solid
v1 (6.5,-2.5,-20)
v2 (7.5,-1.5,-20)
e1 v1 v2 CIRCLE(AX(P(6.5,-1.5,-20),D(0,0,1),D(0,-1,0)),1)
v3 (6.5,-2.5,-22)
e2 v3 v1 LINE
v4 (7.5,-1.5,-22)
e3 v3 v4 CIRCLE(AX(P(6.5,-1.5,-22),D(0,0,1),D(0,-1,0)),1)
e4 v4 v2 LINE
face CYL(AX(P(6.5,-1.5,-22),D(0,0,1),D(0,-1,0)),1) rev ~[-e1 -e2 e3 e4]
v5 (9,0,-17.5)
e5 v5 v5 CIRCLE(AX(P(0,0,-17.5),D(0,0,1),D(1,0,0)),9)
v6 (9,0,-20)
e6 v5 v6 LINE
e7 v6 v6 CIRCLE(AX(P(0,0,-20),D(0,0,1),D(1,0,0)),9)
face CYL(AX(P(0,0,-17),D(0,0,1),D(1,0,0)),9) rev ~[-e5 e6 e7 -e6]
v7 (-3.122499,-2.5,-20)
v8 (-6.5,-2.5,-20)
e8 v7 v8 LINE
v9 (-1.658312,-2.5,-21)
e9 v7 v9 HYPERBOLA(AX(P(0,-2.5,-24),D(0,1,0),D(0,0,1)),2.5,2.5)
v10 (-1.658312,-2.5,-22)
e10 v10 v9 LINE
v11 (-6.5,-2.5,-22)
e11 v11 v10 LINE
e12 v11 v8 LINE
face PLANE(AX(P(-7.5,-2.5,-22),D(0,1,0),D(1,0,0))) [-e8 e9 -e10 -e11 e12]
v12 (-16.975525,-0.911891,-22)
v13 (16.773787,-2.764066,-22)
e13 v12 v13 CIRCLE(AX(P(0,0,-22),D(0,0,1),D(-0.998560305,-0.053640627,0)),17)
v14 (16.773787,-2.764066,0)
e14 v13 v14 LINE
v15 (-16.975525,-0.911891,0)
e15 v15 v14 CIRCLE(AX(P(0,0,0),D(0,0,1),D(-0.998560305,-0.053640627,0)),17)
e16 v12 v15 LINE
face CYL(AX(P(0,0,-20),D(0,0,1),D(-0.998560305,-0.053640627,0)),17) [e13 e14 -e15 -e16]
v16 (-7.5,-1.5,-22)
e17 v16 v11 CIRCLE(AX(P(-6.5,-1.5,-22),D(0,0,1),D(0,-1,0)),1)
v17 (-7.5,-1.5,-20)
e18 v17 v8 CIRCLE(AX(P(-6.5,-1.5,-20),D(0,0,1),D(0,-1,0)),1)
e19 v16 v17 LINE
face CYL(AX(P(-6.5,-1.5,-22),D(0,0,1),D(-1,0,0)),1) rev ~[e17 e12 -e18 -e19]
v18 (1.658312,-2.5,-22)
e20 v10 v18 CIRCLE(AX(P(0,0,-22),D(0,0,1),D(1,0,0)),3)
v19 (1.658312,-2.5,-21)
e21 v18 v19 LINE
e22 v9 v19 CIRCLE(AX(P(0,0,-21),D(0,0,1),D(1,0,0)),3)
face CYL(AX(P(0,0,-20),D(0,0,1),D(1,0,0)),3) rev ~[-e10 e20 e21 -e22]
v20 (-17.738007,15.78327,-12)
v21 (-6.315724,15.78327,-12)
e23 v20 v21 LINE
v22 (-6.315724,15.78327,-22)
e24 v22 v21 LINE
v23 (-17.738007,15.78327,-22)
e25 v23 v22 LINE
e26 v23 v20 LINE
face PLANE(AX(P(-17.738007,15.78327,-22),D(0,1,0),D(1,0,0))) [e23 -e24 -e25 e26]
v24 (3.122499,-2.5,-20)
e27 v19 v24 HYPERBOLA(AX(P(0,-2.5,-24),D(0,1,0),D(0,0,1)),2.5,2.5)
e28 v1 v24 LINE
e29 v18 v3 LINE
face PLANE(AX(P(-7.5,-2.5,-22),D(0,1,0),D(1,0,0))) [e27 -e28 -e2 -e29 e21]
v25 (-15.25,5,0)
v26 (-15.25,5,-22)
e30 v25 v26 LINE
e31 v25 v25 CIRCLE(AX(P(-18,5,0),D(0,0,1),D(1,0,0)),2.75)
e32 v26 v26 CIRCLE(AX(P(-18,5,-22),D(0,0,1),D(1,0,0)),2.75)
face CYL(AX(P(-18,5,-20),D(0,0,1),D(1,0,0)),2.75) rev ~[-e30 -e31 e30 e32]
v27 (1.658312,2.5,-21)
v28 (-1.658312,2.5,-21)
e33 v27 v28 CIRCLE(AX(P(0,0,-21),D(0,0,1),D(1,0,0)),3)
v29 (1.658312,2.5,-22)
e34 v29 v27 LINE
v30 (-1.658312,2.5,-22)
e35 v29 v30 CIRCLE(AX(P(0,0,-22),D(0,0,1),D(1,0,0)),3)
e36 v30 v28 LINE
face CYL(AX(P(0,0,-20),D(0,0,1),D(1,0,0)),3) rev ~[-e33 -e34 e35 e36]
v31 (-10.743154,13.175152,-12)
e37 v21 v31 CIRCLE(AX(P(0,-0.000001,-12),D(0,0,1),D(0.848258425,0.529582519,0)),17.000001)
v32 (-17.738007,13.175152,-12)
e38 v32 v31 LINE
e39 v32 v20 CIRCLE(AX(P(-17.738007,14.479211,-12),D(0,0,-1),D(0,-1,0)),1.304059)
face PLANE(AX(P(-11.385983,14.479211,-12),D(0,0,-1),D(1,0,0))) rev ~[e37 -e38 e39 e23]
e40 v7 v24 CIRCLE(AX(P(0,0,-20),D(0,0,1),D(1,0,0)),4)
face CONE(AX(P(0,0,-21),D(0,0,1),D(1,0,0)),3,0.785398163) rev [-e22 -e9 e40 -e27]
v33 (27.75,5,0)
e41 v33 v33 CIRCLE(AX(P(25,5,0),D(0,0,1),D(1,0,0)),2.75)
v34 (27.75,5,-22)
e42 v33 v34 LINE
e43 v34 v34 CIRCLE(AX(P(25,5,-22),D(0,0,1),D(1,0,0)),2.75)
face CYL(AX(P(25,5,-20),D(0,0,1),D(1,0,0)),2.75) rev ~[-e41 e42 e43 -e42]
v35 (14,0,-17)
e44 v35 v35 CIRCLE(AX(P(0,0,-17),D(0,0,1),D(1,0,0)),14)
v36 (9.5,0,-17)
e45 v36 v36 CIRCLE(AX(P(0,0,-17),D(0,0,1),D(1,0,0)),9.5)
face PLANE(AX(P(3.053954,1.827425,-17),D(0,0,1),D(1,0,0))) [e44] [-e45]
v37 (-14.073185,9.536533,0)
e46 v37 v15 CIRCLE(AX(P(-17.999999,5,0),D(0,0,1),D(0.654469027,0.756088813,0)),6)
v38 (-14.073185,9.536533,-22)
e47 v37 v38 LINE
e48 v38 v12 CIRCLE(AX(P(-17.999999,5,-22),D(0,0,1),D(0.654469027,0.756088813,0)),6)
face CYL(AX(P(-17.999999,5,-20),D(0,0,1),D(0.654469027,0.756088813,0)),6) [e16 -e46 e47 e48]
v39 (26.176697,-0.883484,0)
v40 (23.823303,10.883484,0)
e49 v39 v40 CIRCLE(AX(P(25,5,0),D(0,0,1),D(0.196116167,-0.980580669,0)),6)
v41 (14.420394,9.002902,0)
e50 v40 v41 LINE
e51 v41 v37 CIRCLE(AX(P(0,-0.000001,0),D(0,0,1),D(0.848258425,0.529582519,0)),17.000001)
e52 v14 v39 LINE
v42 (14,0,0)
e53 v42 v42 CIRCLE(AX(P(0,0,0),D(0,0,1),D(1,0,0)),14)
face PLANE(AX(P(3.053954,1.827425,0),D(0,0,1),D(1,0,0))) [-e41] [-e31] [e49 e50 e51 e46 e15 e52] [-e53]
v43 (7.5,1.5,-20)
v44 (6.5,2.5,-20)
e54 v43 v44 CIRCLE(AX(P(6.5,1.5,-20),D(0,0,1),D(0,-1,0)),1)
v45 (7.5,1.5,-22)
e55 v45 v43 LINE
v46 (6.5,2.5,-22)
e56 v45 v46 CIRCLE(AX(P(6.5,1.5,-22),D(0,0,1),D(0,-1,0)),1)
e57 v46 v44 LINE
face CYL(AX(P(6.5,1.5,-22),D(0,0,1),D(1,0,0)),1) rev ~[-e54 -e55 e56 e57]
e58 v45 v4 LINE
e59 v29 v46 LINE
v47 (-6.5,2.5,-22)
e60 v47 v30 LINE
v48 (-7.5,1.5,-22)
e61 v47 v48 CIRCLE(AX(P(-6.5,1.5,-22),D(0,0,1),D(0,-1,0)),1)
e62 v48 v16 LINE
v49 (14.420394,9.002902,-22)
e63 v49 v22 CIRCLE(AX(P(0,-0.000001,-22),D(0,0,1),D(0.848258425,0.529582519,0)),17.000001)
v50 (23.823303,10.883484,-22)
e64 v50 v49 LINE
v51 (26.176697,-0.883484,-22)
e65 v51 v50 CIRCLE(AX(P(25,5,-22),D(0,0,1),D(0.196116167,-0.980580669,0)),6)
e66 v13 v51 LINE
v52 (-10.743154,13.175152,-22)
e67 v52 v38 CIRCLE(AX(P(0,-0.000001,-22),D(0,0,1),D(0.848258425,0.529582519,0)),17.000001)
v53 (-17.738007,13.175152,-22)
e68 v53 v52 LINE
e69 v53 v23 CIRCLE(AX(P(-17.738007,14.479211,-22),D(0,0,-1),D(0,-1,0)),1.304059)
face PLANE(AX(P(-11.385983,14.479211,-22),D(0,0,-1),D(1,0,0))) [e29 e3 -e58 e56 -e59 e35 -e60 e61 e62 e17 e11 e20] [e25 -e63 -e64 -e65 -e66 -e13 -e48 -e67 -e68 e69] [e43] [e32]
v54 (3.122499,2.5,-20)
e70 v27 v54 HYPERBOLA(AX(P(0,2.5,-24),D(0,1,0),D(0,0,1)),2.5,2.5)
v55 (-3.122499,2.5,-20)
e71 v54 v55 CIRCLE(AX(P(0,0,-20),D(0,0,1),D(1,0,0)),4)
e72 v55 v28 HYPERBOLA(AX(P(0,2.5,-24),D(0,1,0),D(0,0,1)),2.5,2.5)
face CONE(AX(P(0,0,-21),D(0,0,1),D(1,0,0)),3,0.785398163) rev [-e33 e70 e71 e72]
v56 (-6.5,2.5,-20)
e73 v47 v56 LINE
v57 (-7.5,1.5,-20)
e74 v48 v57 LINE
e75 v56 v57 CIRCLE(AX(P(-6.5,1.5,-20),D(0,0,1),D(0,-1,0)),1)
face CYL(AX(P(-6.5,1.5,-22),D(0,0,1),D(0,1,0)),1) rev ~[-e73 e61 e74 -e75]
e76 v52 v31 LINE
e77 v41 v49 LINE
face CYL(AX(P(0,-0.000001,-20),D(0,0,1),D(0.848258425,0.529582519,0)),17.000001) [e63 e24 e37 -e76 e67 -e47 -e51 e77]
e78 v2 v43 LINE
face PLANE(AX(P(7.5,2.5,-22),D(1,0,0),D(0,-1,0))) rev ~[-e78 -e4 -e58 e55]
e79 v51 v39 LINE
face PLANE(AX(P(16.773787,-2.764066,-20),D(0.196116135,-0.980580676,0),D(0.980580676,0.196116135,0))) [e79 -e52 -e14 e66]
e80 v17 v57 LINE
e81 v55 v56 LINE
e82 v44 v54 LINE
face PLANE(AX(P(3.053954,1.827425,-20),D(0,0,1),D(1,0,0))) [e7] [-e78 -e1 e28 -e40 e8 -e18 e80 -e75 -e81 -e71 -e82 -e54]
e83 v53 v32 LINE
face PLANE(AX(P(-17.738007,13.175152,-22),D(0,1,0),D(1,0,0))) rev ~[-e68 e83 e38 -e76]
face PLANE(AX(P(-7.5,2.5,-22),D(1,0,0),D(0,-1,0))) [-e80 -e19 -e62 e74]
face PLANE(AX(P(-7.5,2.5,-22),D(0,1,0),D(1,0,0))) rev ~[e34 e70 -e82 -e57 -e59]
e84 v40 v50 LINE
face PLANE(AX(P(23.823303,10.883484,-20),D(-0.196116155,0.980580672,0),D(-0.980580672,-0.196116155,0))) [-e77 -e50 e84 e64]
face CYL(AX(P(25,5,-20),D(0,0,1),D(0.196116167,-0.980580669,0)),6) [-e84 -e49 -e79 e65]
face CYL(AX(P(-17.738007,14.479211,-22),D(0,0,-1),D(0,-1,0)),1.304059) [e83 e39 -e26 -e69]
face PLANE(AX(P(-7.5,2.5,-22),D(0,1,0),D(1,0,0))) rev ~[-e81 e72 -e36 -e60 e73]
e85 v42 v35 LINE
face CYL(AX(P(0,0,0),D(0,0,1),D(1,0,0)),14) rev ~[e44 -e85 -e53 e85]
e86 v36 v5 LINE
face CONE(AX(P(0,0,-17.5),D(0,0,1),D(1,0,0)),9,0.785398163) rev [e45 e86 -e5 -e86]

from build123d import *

# Parameters (mm, degrees)
SKETCH_R        = 14
SKETCH_R_2      = 2.75
PAD_DEPTH       = 17
SKETCH001_R     = 9
SKETCH001_R_2   = 2.75
PAD001_DEPTH    = 3
SKETCH002_R     = 3
SKETCH002_R_2   = 2.75
PAD002_DEPTH    = 2
CHAMFER_SIZE    = 0.5
CHAMFER001_SIZE = 1
SKETCH003_W     = 15
SKETCH003_H     = 5
POCKET_DEPTH    = 22.001
FILLET_R        = 1
PAD003_DEPTH    = 10


with BuildPart() as part:
    # Sketch → Pad (new body)
    with BuildSketch(Plane.XY):
        with BuildLine():
            ThreePointArc((-14.073185, 9.536533), (-23.781107, 6.605863), (-16.975525, -0.911891))
            ThreePointArc((-16.975525, -0.911891), (-0.931565, -16.974457), (16.773787, -2.764066))
            Line((16.773787, -2.764066), (26.176697, -0.883484))
            ThreePointArc((26.176697, -0.883484), (30.883484, 6.176697), (23.823303, 10.883484))
            Line((23.823303, 10.883484), (14.420394, 9.002902))
            ThreePointArc((14.420394, 9.002902), (0.318322, 16.997019), (-14.073185, 9.536533))
        make_face()
        Circle(SKETCH_R, mode=Mode.SUBTRACT)
        with Locations((25, 5)):
            Circle(SKETCH_R_2, mode=Mode.SUBTRACT)
        with Locations((-18, 5)):
            Circle(SKETCH_R_2, mode=Mode.SUBTRACT)
    extrude(amount=-PAD_DEPTH)

    # Sketch001 → Pad001 (join)
    with BuildSketch(Plane.XY.offset(-17)):
        with BuildLine():
            ThreePointArc((-14.073185, 9.536533), (-23.781107, 6.605863), (-16.975525, -0.911891))
            ThreePointArc((-16.975525, -0.911891), (-0.931565, -16.974457), (16.773787, -2.764066))
            Line((16.773787, -2.764066), (26.176697, -0.883484))
            ThreePointArc((26.176697, -0.883484), (30.883484, 6.176697), (23.823303, 10.883484))
            Line((23.823303, 10.883484), (14.420394, 9.002902))
            ThreePointArc((14.420394, 9.002902), (0.318322, 16.997019), (-14.073185, 9.536533))
        make_face()
        Circle(SKETCH001_R, mode=Mode.SUBTRACT)
        with Locations((25, 5)):
            Circle(SKETCH001_R_2, mode=Mode.SUBTRACT)
        with Locations((-18, 5)):
            Circle(SKETCH001_R_2, mode=Mode.SUBTRACT)
    extrude(amount=-PAD001_DEPTH)

    # Sketch002 → Pad002 (join)
    with BuildSketch(Plane.XY.offset(-20)):
        with BuildLine():
            ThreePointArc((-14.073185, 9.536533), (-23.781107, 6.605863), (-16.975525, -0.911891))
            ThreePointArc((-16.975525, -0.911891), (-0.931565, -16.974457), (16.773787, -2.764066))
            Line((16.773787, -2.764066), (26.176697, -0.883484))
            ThreePointArc((26.176697, -0.883484), (30.883484, 6.176697), (23.823303, 10.883484))
            Line((23.823303, 10.883484), (14.420394, 9.002902))
            ThreePointArc((14.420394, 9.002902), (0.318322, 16.997019), (-14.073185, 9.536533))
        make_face()
        Circle(SKETCH002_R, mode=Mode.SUBTRACT)
        with Locations((25, 5)):
            Circle(SKETCH002_R_2, mode=Mode.SUBTRACT)
        with Locations((-18, 5)):
            Circle(SKETCH002_R_2, mode=Mode.SUBTRACT)
    extrude(amount=-PAD002_DEPTH)

    # Chamfer
    chamfer_edges = [part.edges().sort_by_distance(p)[0] for p in [
        (-9, 0, -17),
    ]]
    chamfer(chamfer_edges, length=CHAMFER_SIZE)

    # Chamfer001
    chamfer001_edges = [part.edges().sort_by_distance(p)[0] for p in [
        (-3, 0, -20),
    ]]
    chamfer(chamfer001_edges, length=CHAMFER001_SIZE)

    # Sketch003 (on Face6 of Chamfer001) → Pocket (cut, through all)
    with BuildSketch(Plane(origin=(0, 0, -22), x_dir=(1, 0, 0), z_dir=(0, 0, -1))):
        Rectangle(SKETCH003_W, SKETCH003_H)
    extrude(amount=-POCKET_DEPTH, mode=Mode.SUBTRACT)

    # Fillet
    fillet_edges = [part.edges().sort_by_distance(p)[0] for p in [
        (-7.5, -2.5, -21),
        (7.5, -2.5, -21),
        (7.5, 2.5, -21),
        (-7.5, 2.5, -21),
    ]]
    fillet(fillet_edges, radius=FILLET_R)

    # Sketch004 (on Face15 of Fillet) → Pad003 (join)
    with BuildSketch(Plane(origin=(0, 0, -22), x_dir=(1, 0, 0), z_dir=(0, 0, -1))):
        with BuildLine():
            ThreePointArc((-17.738007, -13.175152), (-19.042066, -14.479211), (-17.738007, -15.78327))
            Line((-17.738007, -15.78327), (-5.033958, -15.78327))
            ThreePointArc((-5.033958, -15.78327), (-3.729899, -14.479211), (-5.033958, -13.175152))
            Line((-17.738007, -13.175152), (-5.033958, -13.175152))
        make_face()
    extrude(amount=-PAD003_DEPTH)


solid = part.part
